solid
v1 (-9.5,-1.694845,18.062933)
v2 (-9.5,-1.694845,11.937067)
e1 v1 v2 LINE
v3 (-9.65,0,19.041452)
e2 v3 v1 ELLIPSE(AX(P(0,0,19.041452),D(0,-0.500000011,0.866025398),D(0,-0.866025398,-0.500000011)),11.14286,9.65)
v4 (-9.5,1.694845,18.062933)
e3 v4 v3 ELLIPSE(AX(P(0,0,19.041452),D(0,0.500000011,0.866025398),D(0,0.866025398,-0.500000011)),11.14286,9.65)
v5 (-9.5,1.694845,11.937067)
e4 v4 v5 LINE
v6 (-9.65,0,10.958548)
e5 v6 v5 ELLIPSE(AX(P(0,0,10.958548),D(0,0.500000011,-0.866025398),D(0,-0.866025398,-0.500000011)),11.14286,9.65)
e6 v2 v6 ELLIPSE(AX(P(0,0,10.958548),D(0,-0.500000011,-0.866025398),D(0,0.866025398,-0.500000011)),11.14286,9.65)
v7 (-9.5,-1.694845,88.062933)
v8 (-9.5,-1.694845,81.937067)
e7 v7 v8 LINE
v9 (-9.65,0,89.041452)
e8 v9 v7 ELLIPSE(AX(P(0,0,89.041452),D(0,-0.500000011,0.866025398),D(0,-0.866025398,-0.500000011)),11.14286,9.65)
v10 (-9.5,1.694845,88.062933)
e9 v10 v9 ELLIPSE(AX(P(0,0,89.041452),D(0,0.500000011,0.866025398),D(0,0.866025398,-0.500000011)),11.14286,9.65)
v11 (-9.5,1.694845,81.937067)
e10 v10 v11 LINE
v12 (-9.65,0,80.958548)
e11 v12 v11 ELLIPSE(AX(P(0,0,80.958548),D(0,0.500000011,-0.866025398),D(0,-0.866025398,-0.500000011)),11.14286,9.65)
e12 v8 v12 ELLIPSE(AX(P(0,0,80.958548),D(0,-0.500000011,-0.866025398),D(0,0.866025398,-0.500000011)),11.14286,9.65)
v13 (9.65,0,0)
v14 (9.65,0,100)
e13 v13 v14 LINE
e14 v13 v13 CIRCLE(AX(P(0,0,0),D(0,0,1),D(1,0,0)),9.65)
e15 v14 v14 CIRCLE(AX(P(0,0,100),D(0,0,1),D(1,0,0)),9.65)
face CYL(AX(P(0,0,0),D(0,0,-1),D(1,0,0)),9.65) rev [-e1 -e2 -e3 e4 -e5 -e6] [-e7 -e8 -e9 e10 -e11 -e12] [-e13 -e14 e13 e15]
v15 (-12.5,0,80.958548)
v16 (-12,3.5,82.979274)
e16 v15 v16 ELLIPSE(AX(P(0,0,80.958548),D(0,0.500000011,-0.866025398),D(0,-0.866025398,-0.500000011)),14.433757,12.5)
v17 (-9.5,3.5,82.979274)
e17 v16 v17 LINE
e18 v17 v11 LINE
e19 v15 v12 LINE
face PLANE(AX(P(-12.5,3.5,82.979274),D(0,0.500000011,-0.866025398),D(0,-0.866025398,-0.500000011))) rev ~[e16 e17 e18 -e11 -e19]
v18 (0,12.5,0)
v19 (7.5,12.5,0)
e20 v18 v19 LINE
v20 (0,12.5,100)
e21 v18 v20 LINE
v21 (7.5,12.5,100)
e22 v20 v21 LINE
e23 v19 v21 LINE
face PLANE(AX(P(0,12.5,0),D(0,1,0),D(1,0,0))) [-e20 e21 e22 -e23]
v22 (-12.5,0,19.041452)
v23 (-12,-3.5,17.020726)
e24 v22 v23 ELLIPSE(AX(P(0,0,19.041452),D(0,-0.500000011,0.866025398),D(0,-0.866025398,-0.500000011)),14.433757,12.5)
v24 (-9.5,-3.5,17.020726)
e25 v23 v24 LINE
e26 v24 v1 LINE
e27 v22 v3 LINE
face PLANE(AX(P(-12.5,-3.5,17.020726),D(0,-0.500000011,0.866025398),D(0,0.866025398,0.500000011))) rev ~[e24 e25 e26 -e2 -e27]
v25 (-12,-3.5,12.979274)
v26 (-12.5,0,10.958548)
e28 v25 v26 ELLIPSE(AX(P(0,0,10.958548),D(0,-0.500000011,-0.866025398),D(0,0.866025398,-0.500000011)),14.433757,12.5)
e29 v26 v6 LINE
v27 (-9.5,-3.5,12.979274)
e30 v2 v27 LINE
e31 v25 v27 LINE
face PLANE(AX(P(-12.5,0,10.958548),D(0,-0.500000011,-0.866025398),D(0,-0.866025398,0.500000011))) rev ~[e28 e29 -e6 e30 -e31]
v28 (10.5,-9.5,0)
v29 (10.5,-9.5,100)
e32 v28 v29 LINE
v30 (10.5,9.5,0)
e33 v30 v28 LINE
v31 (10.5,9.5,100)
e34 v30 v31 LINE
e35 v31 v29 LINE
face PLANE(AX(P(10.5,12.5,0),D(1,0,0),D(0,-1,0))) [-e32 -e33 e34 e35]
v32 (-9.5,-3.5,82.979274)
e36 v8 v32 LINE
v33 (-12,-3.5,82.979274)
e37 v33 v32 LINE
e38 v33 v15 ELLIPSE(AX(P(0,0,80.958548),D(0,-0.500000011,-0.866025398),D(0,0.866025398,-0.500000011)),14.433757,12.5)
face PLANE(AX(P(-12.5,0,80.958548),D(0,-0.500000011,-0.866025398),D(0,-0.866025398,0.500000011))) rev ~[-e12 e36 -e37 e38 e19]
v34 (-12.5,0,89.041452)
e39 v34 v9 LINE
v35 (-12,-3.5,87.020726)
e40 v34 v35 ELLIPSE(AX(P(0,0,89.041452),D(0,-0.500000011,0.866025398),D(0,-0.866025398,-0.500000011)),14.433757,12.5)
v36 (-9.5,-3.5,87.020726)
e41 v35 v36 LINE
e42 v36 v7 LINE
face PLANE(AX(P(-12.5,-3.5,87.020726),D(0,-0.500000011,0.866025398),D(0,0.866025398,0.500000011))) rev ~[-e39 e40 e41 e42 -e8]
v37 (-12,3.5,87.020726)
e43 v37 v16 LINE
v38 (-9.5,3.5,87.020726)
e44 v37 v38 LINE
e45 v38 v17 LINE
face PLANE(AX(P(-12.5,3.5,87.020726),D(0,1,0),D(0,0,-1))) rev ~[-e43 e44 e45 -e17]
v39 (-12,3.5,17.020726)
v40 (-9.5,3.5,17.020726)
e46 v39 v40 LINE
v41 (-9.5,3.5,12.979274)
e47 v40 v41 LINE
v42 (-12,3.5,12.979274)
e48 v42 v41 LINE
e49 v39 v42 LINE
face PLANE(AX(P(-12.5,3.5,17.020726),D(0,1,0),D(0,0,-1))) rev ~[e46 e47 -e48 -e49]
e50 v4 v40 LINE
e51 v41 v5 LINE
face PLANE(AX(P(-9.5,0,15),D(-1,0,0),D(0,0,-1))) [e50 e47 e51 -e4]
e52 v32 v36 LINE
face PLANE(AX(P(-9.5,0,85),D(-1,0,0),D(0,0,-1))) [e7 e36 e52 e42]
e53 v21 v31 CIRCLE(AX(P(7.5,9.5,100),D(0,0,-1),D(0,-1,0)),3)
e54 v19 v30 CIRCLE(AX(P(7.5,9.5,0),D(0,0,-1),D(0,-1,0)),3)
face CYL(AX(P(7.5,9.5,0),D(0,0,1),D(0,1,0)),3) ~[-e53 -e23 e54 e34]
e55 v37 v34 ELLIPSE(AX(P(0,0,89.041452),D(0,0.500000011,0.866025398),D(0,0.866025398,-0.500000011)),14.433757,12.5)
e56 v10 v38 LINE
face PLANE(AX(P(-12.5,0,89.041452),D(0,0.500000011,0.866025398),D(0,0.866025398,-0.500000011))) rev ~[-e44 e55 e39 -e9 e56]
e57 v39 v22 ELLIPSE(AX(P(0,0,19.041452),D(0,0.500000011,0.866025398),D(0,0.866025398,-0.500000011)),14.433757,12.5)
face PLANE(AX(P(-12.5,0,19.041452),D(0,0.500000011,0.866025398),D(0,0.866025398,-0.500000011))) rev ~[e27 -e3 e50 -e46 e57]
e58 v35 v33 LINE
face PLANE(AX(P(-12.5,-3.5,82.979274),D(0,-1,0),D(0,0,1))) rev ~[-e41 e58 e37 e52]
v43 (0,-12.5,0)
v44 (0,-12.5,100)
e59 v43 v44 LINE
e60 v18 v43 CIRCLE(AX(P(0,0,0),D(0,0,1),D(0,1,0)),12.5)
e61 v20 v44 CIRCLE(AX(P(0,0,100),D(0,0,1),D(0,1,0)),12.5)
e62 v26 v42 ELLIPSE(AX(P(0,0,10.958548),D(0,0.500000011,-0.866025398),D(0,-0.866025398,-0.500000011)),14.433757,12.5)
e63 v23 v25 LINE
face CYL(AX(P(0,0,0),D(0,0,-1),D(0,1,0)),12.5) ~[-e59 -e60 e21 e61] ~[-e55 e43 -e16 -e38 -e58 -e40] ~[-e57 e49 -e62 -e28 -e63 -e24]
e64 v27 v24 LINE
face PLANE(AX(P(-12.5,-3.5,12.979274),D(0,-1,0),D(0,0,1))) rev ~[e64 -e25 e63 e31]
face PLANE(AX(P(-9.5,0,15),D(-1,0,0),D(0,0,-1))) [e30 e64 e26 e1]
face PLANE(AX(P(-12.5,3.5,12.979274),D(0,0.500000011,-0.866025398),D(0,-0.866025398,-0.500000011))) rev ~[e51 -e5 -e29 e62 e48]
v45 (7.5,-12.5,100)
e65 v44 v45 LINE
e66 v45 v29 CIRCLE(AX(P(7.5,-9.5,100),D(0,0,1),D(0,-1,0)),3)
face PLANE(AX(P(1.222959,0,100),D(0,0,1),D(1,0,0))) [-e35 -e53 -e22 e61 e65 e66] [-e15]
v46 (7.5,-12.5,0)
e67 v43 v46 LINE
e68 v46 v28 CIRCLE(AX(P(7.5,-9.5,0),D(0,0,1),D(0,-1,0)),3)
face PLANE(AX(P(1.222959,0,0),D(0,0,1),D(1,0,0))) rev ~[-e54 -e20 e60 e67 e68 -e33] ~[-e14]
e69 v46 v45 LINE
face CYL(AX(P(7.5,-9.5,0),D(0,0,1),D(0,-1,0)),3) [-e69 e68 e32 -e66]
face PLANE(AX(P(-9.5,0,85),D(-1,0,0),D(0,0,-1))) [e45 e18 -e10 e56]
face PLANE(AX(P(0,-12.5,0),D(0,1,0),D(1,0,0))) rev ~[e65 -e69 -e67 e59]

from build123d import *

# Parameters (mm, degrees)
SKETCH_R     = 9.65
PAD_DEPTH    = 100
FILLET_R     = 3
POCKET_DEPTH = 3


with BuildPart() as part:
    # Sketch → Pad (new body)
    with BuildSketch(Plane.XY):
        with BuildLine():
            ThreePointArc((0, 12.5), (-12.5, 0), (0, -12.5))
            Line((0, -12.5), (10.5, -12.5))
            Line((10.5, 12.5), (10.5, -12.5))
            Line((0, 12.5), (10.5, 12.5))
        make_face()
        Circle(SKETCH_R, mode=Mode.SUBTRACT)
    extrude(amount=PAD_DEPTH)

    # Fillet
    fillet_edges = [part.edges().sort_by_distance(p)[0] for p in [
        (10.5, -12.5, 50),
        (10.5, 12.5, 50),
    ]]
    fillet(fillet_edges, radius=FILLET_R)

    # Sketch001 (on DatumPlane) → Pocket (cut)
    with BuildSketch(Plane(origin=(-12.5, 0, 100), x_dir=(0, 0, -1), z_dir=(-1, 0, 0))):
        Polygon((12.979274, -3.5), (17.020726, -3.5), (19.041452, 0), (17.020726, 3.5), (12.979274, 3.5), (10.958548, 0), align=None)
        Polygon((87.020726, -3.5), (89.041452, 0), (87.020726, 3.5), (82.979274, 3.5), (80.958548, 0), (82.979274, -3.5), align=None)
    extrude(amount=-POCKET_DEPTH, mode=Mode.SUBTRACT)


solid = part.part
